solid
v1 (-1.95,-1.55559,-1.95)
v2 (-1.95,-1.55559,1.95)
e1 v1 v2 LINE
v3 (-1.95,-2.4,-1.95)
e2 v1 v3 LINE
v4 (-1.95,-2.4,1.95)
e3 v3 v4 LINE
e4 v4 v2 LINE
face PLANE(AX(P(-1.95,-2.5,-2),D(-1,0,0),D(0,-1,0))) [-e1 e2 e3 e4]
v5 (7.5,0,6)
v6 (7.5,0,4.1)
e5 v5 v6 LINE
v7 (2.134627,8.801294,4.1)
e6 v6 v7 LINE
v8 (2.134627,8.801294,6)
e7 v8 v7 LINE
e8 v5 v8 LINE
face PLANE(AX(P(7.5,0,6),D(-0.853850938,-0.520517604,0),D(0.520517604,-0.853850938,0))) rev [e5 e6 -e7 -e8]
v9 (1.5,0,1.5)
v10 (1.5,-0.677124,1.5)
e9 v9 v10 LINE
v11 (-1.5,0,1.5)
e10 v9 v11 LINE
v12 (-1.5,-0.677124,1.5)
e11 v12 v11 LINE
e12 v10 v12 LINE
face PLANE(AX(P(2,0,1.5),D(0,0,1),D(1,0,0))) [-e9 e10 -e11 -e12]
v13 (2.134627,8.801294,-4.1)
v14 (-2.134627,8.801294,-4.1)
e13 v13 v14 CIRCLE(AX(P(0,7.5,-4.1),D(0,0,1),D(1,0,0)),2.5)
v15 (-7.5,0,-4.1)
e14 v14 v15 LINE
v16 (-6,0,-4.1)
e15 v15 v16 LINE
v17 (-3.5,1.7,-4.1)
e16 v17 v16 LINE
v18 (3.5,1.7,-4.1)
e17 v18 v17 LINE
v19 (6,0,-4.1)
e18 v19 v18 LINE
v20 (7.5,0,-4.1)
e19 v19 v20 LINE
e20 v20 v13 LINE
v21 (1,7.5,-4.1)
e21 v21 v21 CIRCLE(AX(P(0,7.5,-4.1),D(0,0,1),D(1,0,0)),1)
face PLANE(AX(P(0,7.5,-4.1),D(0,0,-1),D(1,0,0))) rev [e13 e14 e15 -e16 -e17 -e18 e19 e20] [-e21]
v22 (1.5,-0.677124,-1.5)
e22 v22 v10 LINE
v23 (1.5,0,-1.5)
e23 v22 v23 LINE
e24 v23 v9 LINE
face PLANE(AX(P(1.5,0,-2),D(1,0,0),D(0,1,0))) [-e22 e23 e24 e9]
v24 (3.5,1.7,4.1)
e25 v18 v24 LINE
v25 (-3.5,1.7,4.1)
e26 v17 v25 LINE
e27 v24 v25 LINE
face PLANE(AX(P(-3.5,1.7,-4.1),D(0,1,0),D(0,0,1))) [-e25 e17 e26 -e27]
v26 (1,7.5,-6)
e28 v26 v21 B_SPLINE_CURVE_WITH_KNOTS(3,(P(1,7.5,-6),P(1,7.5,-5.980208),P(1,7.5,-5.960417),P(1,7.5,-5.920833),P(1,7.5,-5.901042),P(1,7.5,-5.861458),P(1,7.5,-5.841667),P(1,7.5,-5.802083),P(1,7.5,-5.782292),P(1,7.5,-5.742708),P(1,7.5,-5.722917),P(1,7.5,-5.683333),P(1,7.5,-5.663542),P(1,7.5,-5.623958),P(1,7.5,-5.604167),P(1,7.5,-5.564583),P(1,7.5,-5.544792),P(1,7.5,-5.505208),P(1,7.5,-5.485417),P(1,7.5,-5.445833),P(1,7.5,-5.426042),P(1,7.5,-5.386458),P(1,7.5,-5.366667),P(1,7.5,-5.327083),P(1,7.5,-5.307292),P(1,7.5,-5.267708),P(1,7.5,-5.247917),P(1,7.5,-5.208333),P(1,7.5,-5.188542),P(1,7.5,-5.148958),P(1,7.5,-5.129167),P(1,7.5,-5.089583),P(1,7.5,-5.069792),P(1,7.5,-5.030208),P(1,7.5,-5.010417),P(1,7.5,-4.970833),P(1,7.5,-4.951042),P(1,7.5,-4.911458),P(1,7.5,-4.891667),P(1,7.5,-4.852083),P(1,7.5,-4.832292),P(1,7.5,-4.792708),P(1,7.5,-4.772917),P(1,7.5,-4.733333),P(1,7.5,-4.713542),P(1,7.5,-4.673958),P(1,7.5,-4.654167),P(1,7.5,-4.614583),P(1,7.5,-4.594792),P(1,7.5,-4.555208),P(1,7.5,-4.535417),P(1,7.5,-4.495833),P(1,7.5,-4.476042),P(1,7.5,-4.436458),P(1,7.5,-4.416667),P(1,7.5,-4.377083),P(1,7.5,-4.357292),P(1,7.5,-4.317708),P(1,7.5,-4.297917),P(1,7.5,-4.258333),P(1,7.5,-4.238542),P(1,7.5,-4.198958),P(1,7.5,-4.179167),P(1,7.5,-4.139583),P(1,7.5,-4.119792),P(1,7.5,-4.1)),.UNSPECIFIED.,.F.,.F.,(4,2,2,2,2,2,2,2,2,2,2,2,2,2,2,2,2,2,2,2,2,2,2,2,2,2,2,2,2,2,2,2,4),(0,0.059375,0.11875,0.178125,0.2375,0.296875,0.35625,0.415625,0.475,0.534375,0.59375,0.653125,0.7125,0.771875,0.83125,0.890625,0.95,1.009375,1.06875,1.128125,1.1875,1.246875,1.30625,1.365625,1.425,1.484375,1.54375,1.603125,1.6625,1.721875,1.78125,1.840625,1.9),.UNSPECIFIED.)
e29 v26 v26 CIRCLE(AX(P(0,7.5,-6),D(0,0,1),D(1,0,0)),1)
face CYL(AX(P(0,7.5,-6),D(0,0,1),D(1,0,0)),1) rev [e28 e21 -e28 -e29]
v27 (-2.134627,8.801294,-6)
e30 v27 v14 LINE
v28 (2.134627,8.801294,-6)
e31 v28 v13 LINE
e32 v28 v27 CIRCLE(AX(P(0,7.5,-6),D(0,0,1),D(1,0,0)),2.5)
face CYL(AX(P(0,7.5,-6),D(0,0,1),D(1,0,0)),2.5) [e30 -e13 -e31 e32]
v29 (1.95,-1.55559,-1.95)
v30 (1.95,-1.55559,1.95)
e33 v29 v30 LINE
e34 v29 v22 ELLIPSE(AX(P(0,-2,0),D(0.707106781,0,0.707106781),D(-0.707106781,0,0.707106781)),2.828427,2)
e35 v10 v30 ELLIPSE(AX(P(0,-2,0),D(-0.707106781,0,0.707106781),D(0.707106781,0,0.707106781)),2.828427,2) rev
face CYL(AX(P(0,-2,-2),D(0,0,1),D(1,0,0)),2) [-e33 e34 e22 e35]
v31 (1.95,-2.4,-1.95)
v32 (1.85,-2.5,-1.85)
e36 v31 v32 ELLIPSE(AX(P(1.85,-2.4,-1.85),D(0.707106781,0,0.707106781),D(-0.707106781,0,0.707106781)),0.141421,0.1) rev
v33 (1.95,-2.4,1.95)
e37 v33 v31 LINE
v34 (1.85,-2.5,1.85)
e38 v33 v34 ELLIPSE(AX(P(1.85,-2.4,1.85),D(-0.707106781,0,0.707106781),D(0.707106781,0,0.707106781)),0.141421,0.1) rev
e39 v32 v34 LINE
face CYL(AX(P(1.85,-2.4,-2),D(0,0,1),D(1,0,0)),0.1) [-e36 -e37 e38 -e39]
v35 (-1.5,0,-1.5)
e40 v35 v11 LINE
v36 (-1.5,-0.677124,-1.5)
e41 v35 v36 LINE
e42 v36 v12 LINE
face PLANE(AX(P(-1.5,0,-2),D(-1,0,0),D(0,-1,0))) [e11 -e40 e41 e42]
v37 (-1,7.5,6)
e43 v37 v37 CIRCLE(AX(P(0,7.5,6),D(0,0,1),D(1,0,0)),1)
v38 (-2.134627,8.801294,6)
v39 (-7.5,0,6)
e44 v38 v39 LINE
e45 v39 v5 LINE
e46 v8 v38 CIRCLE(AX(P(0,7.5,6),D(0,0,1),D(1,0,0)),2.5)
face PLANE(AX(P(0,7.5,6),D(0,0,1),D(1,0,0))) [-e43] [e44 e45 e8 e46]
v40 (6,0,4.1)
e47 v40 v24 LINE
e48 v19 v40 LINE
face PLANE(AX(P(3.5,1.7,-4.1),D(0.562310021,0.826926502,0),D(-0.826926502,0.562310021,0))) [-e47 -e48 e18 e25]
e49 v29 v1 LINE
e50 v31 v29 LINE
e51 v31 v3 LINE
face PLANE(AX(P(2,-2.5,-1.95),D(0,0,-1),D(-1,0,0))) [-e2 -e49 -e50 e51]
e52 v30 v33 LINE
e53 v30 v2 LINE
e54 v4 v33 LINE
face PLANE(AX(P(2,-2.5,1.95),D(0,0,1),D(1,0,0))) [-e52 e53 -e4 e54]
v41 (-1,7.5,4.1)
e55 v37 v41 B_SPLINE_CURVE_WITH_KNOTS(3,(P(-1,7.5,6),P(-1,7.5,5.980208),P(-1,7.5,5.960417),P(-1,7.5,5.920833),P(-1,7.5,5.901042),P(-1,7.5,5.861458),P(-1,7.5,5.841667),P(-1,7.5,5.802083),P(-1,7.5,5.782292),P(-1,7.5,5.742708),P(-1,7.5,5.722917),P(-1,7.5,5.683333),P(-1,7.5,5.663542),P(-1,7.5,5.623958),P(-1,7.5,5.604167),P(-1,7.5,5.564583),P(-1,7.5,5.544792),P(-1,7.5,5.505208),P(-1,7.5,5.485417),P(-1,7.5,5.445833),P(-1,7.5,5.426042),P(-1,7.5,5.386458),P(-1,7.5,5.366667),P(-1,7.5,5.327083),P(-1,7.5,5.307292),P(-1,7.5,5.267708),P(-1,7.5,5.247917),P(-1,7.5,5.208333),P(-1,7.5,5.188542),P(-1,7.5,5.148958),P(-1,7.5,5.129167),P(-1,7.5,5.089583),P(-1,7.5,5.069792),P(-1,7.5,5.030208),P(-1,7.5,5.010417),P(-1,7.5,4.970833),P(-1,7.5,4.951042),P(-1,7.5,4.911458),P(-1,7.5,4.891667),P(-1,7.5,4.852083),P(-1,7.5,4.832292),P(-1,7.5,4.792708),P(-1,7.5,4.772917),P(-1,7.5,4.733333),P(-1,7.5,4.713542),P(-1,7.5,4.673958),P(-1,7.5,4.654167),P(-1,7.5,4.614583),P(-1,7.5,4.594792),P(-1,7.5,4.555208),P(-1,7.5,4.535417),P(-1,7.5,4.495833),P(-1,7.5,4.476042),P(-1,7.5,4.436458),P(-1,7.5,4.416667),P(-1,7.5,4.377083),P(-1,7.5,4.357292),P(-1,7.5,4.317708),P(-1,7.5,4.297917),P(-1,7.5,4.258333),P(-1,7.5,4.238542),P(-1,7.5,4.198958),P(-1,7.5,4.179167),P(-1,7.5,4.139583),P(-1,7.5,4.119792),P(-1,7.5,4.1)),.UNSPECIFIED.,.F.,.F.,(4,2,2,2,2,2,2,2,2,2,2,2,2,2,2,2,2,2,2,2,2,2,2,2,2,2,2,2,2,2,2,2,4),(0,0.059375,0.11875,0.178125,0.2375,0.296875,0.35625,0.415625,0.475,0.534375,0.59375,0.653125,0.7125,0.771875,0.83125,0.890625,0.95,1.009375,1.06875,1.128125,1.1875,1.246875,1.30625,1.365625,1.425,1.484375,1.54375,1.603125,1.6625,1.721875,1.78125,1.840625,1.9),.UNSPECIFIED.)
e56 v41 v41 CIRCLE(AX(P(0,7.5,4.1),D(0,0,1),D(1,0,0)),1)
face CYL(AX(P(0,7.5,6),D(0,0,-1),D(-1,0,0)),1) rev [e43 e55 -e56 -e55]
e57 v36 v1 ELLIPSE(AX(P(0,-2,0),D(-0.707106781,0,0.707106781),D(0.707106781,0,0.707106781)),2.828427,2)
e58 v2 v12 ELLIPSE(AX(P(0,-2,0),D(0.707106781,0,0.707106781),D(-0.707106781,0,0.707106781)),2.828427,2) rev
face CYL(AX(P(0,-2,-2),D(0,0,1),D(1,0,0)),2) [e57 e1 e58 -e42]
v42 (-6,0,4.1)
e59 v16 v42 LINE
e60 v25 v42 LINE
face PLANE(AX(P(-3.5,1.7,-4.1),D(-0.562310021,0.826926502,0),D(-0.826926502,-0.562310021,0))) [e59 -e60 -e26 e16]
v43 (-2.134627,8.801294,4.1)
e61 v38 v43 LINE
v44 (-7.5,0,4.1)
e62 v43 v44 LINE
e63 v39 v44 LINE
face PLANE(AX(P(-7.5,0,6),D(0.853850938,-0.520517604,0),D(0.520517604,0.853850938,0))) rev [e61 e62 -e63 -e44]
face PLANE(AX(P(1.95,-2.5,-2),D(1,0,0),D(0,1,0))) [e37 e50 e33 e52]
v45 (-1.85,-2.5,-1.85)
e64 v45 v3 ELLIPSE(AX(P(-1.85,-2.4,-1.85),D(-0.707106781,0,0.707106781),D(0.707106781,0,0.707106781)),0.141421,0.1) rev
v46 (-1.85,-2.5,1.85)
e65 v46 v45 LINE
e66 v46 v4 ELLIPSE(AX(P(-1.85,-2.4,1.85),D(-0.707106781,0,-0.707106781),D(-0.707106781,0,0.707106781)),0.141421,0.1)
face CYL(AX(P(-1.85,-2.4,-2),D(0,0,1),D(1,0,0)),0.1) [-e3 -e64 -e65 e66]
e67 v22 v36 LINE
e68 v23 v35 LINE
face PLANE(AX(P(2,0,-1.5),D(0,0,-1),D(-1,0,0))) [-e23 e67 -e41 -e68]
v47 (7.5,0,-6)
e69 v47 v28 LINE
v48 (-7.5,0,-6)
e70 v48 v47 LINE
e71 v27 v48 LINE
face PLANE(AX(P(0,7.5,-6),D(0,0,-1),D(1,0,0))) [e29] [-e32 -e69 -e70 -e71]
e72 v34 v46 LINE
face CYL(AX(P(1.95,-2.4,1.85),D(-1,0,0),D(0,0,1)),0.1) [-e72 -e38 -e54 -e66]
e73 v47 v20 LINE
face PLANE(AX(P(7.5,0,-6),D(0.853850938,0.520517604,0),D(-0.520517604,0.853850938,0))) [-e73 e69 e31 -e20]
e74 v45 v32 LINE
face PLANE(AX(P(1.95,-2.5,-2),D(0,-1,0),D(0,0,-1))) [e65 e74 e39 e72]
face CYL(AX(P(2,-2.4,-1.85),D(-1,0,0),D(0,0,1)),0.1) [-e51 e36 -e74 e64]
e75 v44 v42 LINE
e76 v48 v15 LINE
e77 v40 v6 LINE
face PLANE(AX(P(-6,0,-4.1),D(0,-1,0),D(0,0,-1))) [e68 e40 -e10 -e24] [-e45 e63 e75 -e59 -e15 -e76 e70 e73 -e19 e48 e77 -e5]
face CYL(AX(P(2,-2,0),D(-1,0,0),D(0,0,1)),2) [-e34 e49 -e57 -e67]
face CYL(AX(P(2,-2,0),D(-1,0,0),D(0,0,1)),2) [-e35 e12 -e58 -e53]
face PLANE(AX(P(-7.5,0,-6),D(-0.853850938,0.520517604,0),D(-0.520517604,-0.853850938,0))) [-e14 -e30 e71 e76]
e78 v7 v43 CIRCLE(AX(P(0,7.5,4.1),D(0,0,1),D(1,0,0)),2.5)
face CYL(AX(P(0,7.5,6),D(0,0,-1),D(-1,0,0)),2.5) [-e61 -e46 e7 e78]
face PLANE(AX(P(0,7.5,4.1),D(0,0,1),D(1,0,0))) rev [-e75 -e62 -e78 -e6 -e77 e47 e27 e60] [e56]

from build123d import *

# Parameters (mm, degrees)
EXTRUDE_1_DEPTH          = 4.1
EXTRUDE_1_DEPTH_BACK     = 4.1
SKETCH_2_R               = 1
EXTRUDE_2_DEPTH          = 1.9
EXTRUDE_3_DEPTH          = 2
EXTRUDE_3_DEPTH_BACK     = 2
CUT_EXTRUDE_1_DEPTH      = 2
CUT_EXTRUDE_1_DEPTH_BACK = 2
FILLET_1_R               = 0.1


with BuildPart() as part:
    # 草图1 → 凸台-拉伸1 (new, two sides: drawn at the far end of the back side and taken through both)
    with BuildSketch(Plane.XY.offset(-EXTRUDE_1_DEPTH_BACK)):
        Polygon((-6, 0), (6, 0), (3.5, 1.7), (-3.5, 1.7), align=None)
    extrude(amount=EXTRUDE_1_DEPTH + EXTRUDE_1_DEPTH_BACK)

    # 草图2 → 凸台-拉伸2 (add)
    with BuildSketch(Plane.XY.offset(4.1)):
        with BuildLine():
            Line((0, 0), (-7.5, 0))
            Line((-7.5, 0), (-2.134627344, 8.801294011))
            ThreePointArc((-2.134627344, 8.801294011), (0, 10), (2.134627344, 8.801294011))
            Line((2.134627344, 8.801294011), (7.5, 0))
            Line((7.5, 0), (0, 0))
        make_face()
        with Locations((0, 7.5)):
            Circle(SKETCH_2_R, mode=Mode.SUBTRACT)
    extrude_2 = extrude(amount=EXTRUDE_2_DEPTH)

    # 镜向1: 凸台-拉伸2 across plane
    add(extrude_2.mirror(Plane.XY))

    # 草图3 → 凸台-拉伸3 (add, two sides: drawn at the far end of the back side and taken through both)
    with BuildSketch(Plane.XY.offset(-EXTRUDE_3_DEPTH_BACK)):
        with BuildLine():
            Line((1.5, 0), (-1.5, 0))
            Line((-1.5, 0), (-1.5, -0.677124344))
            ThreePointArc((-1.5, -0.677124344), (-1.780042303, -1.088161527), (-1.95, -1.555590279))
            Line((-1.95, -1.555590279), (-1.95, -2.5))
            Line((-1.95, -2.5), (1.95, -2.5))
            Line((1.95, -2.5), (1.95, -1.555590279))
            ThreePointArc((1.95, -1.555590279), (1.780042303, -1.088161527), (1.5, -0.677124344))
            Line((1.5, -0.677124344), (1.5, 0))
        make_face()
    extrude(amount=EXTRUDE_3_DEPTH + EXTRUDE_3_DEPTH_BACK)

    # 草图4 → 切除-拉伸1 (cut, two sides: drawn at the far end of the back side and taken through both)
    with BuildSketch(Plane(origin=(0, 0, 0), x_dir=(0, 0, -1), z_dir=(1, 0, 0)).offset(-CUT_EXTRUDE_1_DEPTH_BACK)):
        with BuildLine():
            Line((-1.5, 0), (-1.5, -0.677124344))
            ThreePointArc((-1.5, -0.677124344), (-1.780042303, -1.088161527), (-1.95, -1.555590279))
            Line((-1.95, -1.555590279), (-1.95, -2.5))
            Line((-1.95, -2.5), (-2, -2.5))
            Line((-2, -2.5), (-2, 0))
            Line((-2, 0), (-1.5, 0))
        make_face()
        with BuildLine():
            Line((2, 0), (1.5, 0))
            Line((1.5, 0), (1.5, -0.677124344))
            ThreePointArc((1.5, -0.677124344), (1.780042303, -1.088161527), (1.95, -1.555590279))
            Line((1.95, -1.555590279), (1.95, -2.5))
            Line((1.95, -2.5), (2, -2.5))
            Line((2, -2.5), (2, 0))
        make_face()
    extrude(amount=CUT_EXTRUDE_1_DEPTH + CUT_EXTRUDE_1_DEPTH_BACK, mode=Mode.SUBTRACT)

    # 圆角1
    fillet_1_edges = [part.edges().sort_by_distance(p)[0] for p in [
        (0, -2.5, -1.95),
        (-1.95, -2.5, 0),
        (0, -2.5, 1.95),
        (1.95, -2.5, 0),
    ]]
    fillet(fillet_1_edges, radius=FILLET_1_R)


solid = part.part
